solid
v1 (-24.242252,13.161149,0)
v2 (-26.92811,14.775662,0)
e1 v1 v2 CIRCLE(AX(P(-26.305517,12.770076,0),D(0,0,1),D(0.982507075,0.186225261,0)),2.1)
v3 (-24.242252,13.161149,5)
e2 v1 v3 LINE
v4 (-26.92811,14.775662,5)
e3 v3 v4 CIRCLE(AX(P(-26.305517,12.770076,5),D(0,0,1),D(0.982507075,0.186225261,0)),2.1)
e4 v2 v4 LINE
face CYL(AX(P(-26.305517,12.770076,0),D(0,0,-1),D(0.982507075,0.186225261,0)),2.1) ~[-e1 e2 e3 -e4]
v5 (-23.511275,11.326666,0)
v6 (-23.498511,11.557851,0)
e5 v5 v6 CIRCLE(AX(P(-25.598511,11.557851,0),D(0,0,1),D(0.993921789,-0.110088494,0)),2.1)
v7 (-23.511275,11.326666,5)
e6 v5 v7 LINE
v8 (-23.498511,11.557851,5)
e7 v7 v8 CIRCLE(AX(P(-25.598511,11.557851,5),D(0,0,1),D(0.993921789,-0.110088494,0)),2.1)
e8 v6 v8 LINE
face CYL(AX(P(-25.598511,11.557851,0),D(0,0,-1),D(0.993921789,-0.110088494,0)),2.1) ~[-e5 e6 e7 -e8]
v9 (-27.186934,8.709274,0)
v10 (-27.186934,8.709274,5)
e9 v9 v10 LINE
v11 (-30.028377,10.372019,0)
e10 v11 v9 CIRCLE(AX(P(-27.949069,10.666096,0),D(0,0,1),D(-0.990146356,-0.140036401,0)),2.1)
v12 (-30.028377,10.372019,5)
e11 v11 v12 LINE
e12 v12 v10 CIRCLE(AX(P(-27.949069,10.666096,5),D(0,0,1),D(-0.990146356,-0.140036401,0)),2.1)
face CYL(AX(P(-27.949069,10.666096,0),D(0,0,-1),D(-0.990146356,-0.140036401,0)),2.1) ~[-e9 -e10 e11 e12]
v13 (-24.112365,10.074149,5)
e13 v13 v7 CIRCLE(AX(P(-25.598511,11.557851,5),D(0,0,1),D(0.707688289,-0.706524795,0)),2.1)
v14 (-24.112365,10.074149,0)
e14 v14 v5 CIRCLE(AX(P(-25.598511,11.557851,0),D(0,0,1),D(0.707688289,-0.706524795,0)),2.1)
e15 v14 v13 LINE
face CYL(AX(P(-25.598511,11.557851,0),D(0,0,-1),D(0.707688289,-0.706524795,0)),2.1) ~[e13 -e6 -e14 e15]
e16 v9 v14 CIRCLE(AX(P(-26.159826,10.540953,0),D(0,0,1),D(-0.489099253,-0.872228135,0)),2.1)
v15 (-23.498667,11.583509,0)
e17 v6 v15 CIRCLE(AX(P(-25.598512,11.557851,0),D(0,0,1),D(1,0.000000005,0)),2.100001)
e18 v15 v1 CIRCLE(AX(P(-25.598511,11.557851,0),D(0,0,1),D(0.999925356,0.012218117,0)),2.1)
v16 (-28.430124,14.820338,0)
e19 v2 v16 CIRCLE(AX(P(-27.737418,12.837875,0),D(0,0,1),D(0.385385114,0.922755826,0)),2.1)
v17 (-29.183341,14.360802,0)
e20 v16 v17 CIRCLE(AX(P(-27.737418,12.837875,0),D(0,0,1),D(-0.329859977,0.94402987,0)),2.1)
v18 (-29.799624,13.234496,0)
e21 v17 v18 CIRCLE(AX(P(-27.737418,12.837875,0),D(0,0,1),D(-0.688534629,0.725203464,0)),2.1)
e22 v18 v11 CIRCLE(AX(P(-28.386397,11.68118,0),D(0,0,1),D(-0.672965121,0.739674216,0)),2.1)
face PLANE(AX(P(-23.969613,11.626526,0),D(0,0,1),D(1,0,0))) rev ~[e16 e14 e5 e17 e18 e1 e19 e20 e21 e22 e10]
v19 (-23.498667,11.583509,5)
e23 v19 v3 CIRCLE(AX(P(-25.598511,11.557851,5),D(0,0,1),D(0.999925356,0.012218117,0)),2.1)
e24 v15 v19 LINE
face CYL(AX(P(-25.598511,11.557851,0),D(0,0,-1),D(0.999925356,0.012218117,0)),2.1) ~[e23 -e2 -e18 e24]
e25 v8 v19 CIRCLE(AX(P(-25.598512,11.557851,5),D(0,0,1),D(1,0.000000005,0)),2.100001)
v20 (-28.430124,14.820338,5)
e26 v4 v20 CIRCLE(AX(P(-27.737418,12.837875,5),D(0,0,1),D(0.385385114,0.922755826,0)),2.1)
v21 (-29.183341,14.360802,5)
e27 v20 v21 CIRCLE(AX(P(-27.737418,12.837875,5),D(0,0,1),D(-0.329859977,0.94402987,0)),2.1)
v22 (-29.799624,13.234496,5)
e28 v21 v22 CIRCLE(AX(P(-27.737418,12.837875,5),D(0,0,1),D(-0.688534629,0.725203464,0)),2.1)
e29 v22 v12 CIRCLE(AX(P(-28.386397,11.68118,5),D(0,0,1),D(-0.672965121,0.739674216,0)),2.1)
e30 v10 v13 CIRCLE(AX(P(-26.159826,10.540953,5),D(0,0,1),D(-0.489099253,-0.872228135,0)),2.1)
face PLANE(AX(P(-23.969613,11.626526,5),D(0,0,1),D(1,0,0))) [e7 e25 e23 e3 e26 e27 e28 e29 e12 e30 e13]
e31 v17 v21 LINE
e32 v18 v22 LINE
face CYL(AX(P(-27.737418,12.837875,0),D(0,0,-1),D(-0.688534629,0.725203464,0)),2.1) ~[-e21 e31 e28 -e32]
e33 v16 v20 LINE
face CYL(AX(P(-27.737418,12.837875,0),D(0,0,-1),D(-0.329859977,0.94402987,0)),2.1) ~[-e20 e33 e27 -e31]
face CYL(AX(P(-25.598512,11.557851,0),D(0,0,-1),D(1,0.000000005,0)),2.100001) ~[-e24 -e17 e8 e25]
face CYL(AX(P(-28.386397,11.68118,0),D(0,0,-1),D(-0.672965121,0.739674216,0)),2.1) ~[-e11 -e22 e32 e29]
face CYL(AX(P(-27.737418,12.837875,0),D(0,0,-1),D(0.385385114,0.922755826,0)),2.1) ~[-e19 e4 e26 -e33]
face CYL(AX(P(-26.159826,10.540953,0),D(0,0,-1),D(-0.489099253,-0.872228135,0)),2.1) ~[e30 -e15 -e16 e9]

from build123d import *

# Parameters (mm, degrees)
F1_DEPTH = 5


with BuildPart() as f1:
    # F0 (on Top) → F1 (new body)
    with BuildSketch(Plane.XY):
        with BuildLine():
            ThreePointArc((-24.2055166316, 12.7700755201), (-24.2696493036, 12.2550568575), (-24.4581301771, 11.7714948835))
            ThreePointArc((-24.4581301771, 11.7714948835), (-24.1618816348, 11.1876524422), (-24.059825636, 10.5409533096))
            ThreePointArc((-24.059825636, 10.5409533096), (-24.0730018758, 10.3060776102), (-24.1123652494, 10.074149319))
            ThreePointArc((-24.1123652494, 10.074149319), (-23.7052429878, 10.6492604264), (-23.5112748984, 11.3266655504))
            ThreePointArc((-23.5112748984, 11.3266655504), (-23.5026114925, 11.4549716649), (-23.4986674085, 11.5835094331))
            ThreePointArc((-23.4986674085, 11.5835094331), (-23.6989325998, 12.4531743511), (-24.2422517743, 13.1611485676))
            ThreePointArc((-24.2422517743, 13.1611485676), (-24.214720587, 12.966472821), (-24.2055166316, 12.7700755201))
        make_face()
        with BuildLine():
            ThreePointArc((-28.4301242768, 14.8203377131), (-28.8311396591, 14.6305750844), (-29.183341045, 14.3608022616))
            ThreePointArc((-29.183341045, 14.3608022616), (-28.8212714421, 14.6144002572), (-28.4301242768, 14.8203377131))
        make_face()
        with BuildLine():
            ThreePointArc((-29.7996238256, 13.2344963051), (-29.0339295569, 13.6788545189), (-28.1531562944, 13.7681875762))
            ThreePointArc((-28.1531562944, 13.7681875762), (-27.6394070264, 14.3920300246), (-26.9281095858, 14.7756622206))
            ThreePointArc((-26.9281095858, 14.7756622206), (-27.6749841403, 14.9369466793), (-28.4301242768, 14.8203377131))
            ThreePointArc((-28.4301242768, 14.8203377131), (-28.8212714421, 14.6144002572), (-29.183341045, 14.3608022616))
            ThreePointArc((-29.183341045, 14.3608022616), (-29.5796675426, 13.8459016813), (-29.7996238256, 13.2344963051))
        make_face()
        with BuildLine():
            ThreePointArc((-23.4985106561, 11.5578513882), (-23.4985498446, 11.5706806501), (-23.4986674085, 11.5835094331))
            ThreePointArc((-23.4986674085, 11.5835094331), (-23.5026114925, 11.4549716649), (-23.5112748984, 11.3266655504))
            ThreePointArc((-23.5112748984, 11.3266655504), (-23.5017041449, 11.4420824184), (-23.4985106561, 11.5578513882))
        make_face()
        with BuildLine():
            ThreePointArc((-28.40482143, 12.7160443864), (-28.3479034627, 13.2585998615), (-28.1531562944, 13.7681875762))
            ThreePointArc((-28.1531562944, 13.7681875762), (-29.0339295569, 13.6788545189), (-29.7996238256, 13.2344963051))
            ThreePointArc((-29.7996238256, 13.2344963051), (-29.8198130362, 12.5665223302), (-29.6291199592, 11.926028001))
            ThreePointArc((-29.6291199592, 11.926028001), (-29.0876846229, 12.4306224757), (-28.40482143, 12.7160443864))
        make_face()
        with BuildLine():
            ThreePointArc((-28.1531562944, 13.7681875762), (-27.4897982959, 13.5801566584), (-26.9230939423, 13.1874154766))
            ThreePointArc((-26.9230939423, 13.1874154766), (-26.3955835278, 13.500703631), (-25.8000387495, 13.6481591234))
            ThreePointArc((-25.8000387495, 13.6481591234), (-26.2528678936, 14.3231729424), (-26.9281095858, 14.7756622206))
            ThreePointArc((-26.9281095858, 14.7756622206), (-27.6394070264, 14.3920300246), (-28.1531562944, 13.7681875762))
        make_face()
        with BuildLine():
            ThreePointArc((-26.9281095858, 14.7756622206), (-26.2528678936, 14.3231729424), (-25.8000387495, 13.6481591234))
            ThreePointArc((-25.8000387495, 13.6481591234), (-24.9718962461, 13.5621852878), (-24.2422517743, 13.1611485676))
            ThreePointArc((-24.2422517743, 13.1611485676), (-25.2235982118, 14.5699234394), (-26.9281095858, 14.7756622206))
        make_face()
        with BuildLine():
            ThreePointArc((-24.1123652494, 10.074149319), (-25.0717419882, 9.5249926203), (-26.1770822404, 9.5391253241))
            ThreePointArc((-26.1770822404, 9.5391253241), (-26.6157999478, 9.0436305274), (-27.1869340682, 8.7092742251))
            ThreePointArc((-27.1869340682, 8.7092742251), (-25.307768987, 8.6215785502), (-24.1123652494, 10.074149319))
        make_face()
        with BuildLine():
            ThreePointArc((-27.1869340682, 8.7092742251), (-27.6825346621, 9.0948007513), (-28.0420062254, 9.609612218))
            ThreePointArc((-28.0420062254, 9.609612218), (-29.1388930427, 9.7206321061), (-30.0283765953, 10.3720191763))
            ThreePointArc((-30.0283765953, 10.3720191763), (-29.0096897375, 8.8536155015), (-27.1869340682, 8.7092742251))
        make_face()
        with BuildLine():
            ThreePointArc((-29.6291199592, 11.926028001), (-29.8198130362, 12.5665223302), (-29.7996238256, 13.2344963051))
            ThreePointArc((-29.7996238256, 13.2344963051), (-30.4797234146, 11.8484670975), (-30.0283765953, 10.3720191763))
            ThreePointArc((-30.0283765953, 10.3720191763), (-29.9830134729, 11.188657471), (-29.6291199592, 11.926028001))
        make_face()
        with BuildLine():
            ThreePointArc((-26.1770822404, 9.5391253241), (-26.6511145003, 9.7407038578), (-27.0618137855, 10.0516163629))
            ThreePointArc((-27.0618137855, 10.0516163629), (-27.5231412696, 9.7668164785), (-28.0420062254, 9.609612218))
            ThreePointArc((-28.0420062254, 9.609612218), (-27.6825346621, 9.0948007513), (-27.1869340682, 8.7092742251))
            ThreePointArc((-27.1869340682, 8.7092742251), (-26.6157999478, 9.0436305274), (-26.1770822404, 9.5391253241))
        make_face()
        with BuildLine():
            ThreePointArc((-24.4581301771, 11.7714948835), (-25.0396352661, 11.0945026722), (-25.8497644493, 10.7201267528))
            ThreePointArc((-25.8497644493, 10.7201267528), (-25.8492430553, 10.6931134221), (-25.8490692477, 10.6660956191))
            ThreePointArc((-25.8490692477, 10.6660956191), (-25.9327393249, 10.079227966), (-26.1770822404, 9.5391253241))
            ThreePointArc((-26.1770822404, 9.5391253241), (-25.0717419882, 9.5249926203), (-24.1123652494, 10.074149319))
            ThreePointArc((-24.1123652494, 10.074149319), (-24.0730018758, 10.3060776102), (-24.059825636, 10.5409533096))
            ThreePointArc((-24.059825636, 10.5409533096), (-24.1618816348, 11.1876524422), (-24.4581301771, 11.7714948835))
        make_face()
        with BuildLine():
            ThreePointArc((-25.6374183243, 12.8378749862), (-25.6414269658, 12.7081821767), (-25.6534375861, 12.5789845024))
            ThreePointArc((-25.6534375861, 12.5789845024), (-24.9842755237, 12.2810917907), (-24.4581301771, 11.7714948835))
            ThreePointArc((-24.4581301771, 11.7714948835), (-24.2696493036, 12.2550568575), (-24.2055166316, 12.7700755201))
            ThreePointArc((-24.2055166316, 12.7700755201), (-24.214720587, 12.966472821), (-24.2422517743, 13.1611485676))
            ThreePointArc((-24.2422517743, 13.1611485676), (-24.9718962461, 13.5621852878), (-25.8000387495, 13.6481591234))
            ThreePointArc((-25.8000387495, 13.6481591234), (-25.6784747715, 13.2510958066), (-25.6374183243, 12.8378749862))
        make_face()
        with BuildLine():
            ThreePointArc((-25.6534375861, 12.5789845024), (-25.7899829829, 12.0520661094), (-26.0573676128, 11.5779426044))
            ThreePointArc((-26.0573676128, 11.5779426044), (-25.9079923025, 11.160064144), (-25.8497644493, 10.7201267528))
            ThreePointArc((-25.8497644493, 10.7201267528), (-25.0396352661, 11.0945026722), (-24.4581301771, 11.7714948835))
            ThreePointArc((-24.4581301771, 11.7714948835), (-24.9842755237, 12.2810917907), (-25.6534375861, 12.5789845024))
        make_face()
        with BuildLine():
            ThreePointArc((-30.0283765953, 10.3720191763), (-29.1388930427, 9.7206321061), (-28.0420062254, 9.609612218))
            ThreePointArc((-28.0420062254, 9.609612218), (-28.2302776929, 10.1899144513), (-28.2438063742, 10.7998437934))
            ThreePointArc((-28.2438063742, 10.7998437934), (-29.0620998904, 11.2083907891), (-29.6291199592, 11.926028001))
            ThreePointArc((-29.6291199592, 11.926028001), (-29.9830134729, 11.188657471), (-30.0283765953, 10.3720191763))
        make_face()
        with BuildLine():
            ThreePointArc((-28.0072120905, 11.5395339461), (-28.2949750863, 12.0977251226), (-28.40482143, 12.7160443864))
            ThreePointArc((-28.40482143, 12.7160443864), (-29.0876846229, 12.4306224757), (-29.6291199592, 11.926028001))
            ThreePointArc((-29.6291199592, 11.926028001), (-29.0620998904, 11.2083907891), (-28.2438063742, 10.7998437934))
            ThreePointArc((-28.2438063742, 10.7998437934), (-28.1599999738, 11.180720938), (-28.0072120905, 11.5395339461))
        make_face()
        with BuildLine():
            ThreePointArc((-27.6459710427, 12.0246553788), (-27.5365507708, 12.3665543708), (-27.3704976635, 12.6848216832))
            ThreePointArc((-27.3704976635, 12.6848216832), (-27.88570628, 12.7651394811), (-28.40482143, 12.7160443864))
            ThreePointArc((-28.40482143, 12.7160443864), (-28.2949750863, 12.0977251226), (-28.0072120905, 11.5395339461))
            ThreePointArc((-28.0072120905, 11.5395339461), (-27.8441487548, 11.7951684552), (-27.6459710427, 12.0246553788))
        make_face()
        with BuildLine():
            ThreePointArc((-26.9230939423, 13.1874154766), (-26.6891371956, 12.917832752), (-26.5042164823, 12.6125215428))
            ThreePointArc((-26.5042164823, 12.6125215428), (-26.0771095144, 12.6393236399), (-25.6534375861, 12.5789845024))
            ThreePointArc((-25.6534375861, 12.5789845024), (-25.6414269658, 12.7081821767), (-25.6374183243, 12.8378749862))
            ThreePointArc((-25.6374183243, 12.8378749862), (-25.6784747715, 13.2510958066), (-25.8000387495, 13.6481591234))
            ThreePointArc((-25.8000387495, 13.6481591234), (-26.3955835278, 13.500703631), (-26.9230939423, 13.1874154766))
        make_face()
        with BuildLine():
            ThreePointArc((-28.0420062254, 9.609612218), (-27.5231412696, 9.7668164785), (-27.0618137855, 10.0516163629))
            ThreePointArc((-27.0618137855, 10.0516163629), (-27.3340934469, 10.3755856074), (-27.535890231, 10.7475672511))
            ThreePointArc((-27.535890231, 10.7475672511), (-27.8920731254, 10.7435775163), (-28.2438063742, 10.7998437934))
            ThreePointArc((-28.2438063742, 10.7998437934), (-28.2302776929, 10.1899144513), (-28.0420062254, 9.609612218))
        make_face()
        with BuildLine():
            ThreePointArc((-27.3704976635, 12.6848216832), (-27.1670568065, 12.9541547127), (-26.9230939423, 13.1874154766))
            ThreePointArc((-26.9230939423, 13.1874154766), (-27.4897982959, 13.5801566584), (-28.1531562944, 13.7681875762))
            ThreePointArc((-28.1531562944, 13.7681875762), (-28.3479034627, 13.2585998615), (-28.40482143, 12.7160443864))
            ThreePointArc((-28.40482143, 12.7160443864), (-27.88570628, 12.7651394811), (-27.3704976635, 12.6848216832))
        make_face()
        with BuildLine():
            ThreePointArc((-25.8497644493, 10.7201267528), (-26.1927285037, 10.6731065555), (-26.5387574089, 10.6830683951))
            ThreePointArc((-26.5387574089, 10.6830683951), (-26.7691671787, 10.3415657778), (-27.0618137855, 10.0516163629))
            ThreePointArc((-27.0618137855, 10.0516163629), (-26.6511145003, 9.7407038578), (-26.1770822404, 9.5391253241))
            ThreePointArc((-26.1770822404, 9.5391253241), (-25.9327393249, 10.079227966), (-25.8490692477, 10.6660956191))
            ThreePointArc((-25.8490692477, 10.6660956191), (-25.8492430553, 10.6931134221), (-25.8497644493, 10.7201267528))
        make_face()
        with BuildLine():
            ThreePointArc((-26.0573676128, 11.5779426044), (-26.1838386402, 11.4249382697), (-26.3241915704, 11.2845591323))
            ThreePointArc((-26.3241915704, 11.2845591323), (-26.4084764266, 10.9756098157), (-26.5387574089, 10.6830683951))
            ThreePointArc((-26.5387574089, 10.6830683951), (-26.1927285037, 10.6731065555), (-25.8497644493, 10.7201267528))
            ThreePointArc((-25.8497644493, 10.7201267528), (-25.9079923025, 11.160064144), (-26.0573676128, 11.5779426044))
        make_face()
        with BuildLine():
            ThreePointArc((-27.0618137855, 10.0516163629), (-26.7691671787, 10.3415657778), (-26.5387574089, 10.6830683951))
            ThreePointArc((-26.5387574089, 10.6830683951), (-26.8321037727, 10.7371697222), (-27.1148253702, 10.8322882857))
            ThreePointArc((-27.1148253702, 10.8322882857), (-27.3231861568, 10.7791346647), (-27.535890231, 10.7475672511))
            ThreePointArc((-27.535890231, 10.7475672511), (-27.3340934469, 10.3755856074), (-27.0618137855, 10.0516163629))
        make_face()
        with BuildLine():
            ThreePointArc((-27.535890231, 10.7475672511), (-27.609784743, 10.9538840486), (-27.6617755135, 11.1667783407))
            ThreePointArc((-27.6617755135, 11.1667783407), (-27.8458113673, 11.3426680354), (-28.0072120905, 11.5395339461))
            ThreePointArc((-28.0072120905, 11.5395339461), (-28.1599999738, 11.180720938), (-28.2438063742, 10.7998437934))
            ThreePointArc((-28.2438063742, 10.7998437934), (-27.8920731254, 10.7435775163), (-27.535890231, 10.7475672511))
        make_face()
        with BuildLine():
            ThreePointArc((-27.535890231, 10.7475672511), (-27.3231861568, 10.7791346647), (-27.1148253702, 10.8322882857))
            ThreePointArc((-27.1148253702, 10.8322882857), (-27.4011405082, 10.9785375436), (-27.6617755135, 11.1667783407))
            ThreePointArc((-27.6617755135, 11.1667783407), (-27.609784743, 10.9538840486), (-27.535890231, 10.7475672511))
        make_face()
        with BuildLine():
            ThreePointArc((-26.5387574089, 10.6830683951), (-26.4084764266, 10.9756098157), (-26.3241915704, 11.2845591323))
            ThreePointArc((-26.3241915704, 11.2845591323), (-26.6946922334, 11.0150413955), (-27.1148253702, 10.8322882857))
            ThreePointArc((-27.1148253702, 10.8322882857), (-26.8321037727, 10.7371697222), (-26.5387574089, 10.6830683951))
        make_face()
        with BuildLine():
            ThreePointArc((-26.3070897241, 11.9752568941), (-26.2915766223, 11.8285822322), (-26.2863970717, 11.6811804512))
            ThreePointArc((-26.2863970717, 11.6811804512), (-26.2958670489, 11.4819714562), (-26.3241915704, 11.2845591323))
            ThreePointArc((-26.3241915704, 11.2845591323), (-26.1838386402, 11.4249382697), (-26.0573676128, 11.5779426044))
            ThreePointArc((-26.0573676128, 11.5779426044), (-26.1710955995, 11.7835971655), (-26.3070897241, 11.9752568941))
        make_face()
        with BuildLine():
            ThreePointArc((-26.5042164823, 12.6125215428), (-26.3801884019, 12.3017662818), (-26.3070897241, 11.9752568941))
            ThreePointArc((-26.3070897241, 11.9752568941), (-26.1710955995, 11.7835971655), (-26.0573676128, 11.5779426044))
            ThreePointArc((-26.0573676128, 11.5779426044), (-25.7899829829, 12.0520661094), (-25.6534375861, 12.5789845024))
            ThreePointArc((-25.6534375861, 12.5789845024), (-26.0771095144, 12.6393236399), (-26.5042164823, 12.6125215428))
        make_face()
        with BuildLine():
            ThreePointArc((-26.9219608155, 12.4977747036), (-26.58919284, 12.2663256512), (-26.3070897241, 11.9752568941))
            ThreePointArc((-26.3070897241, 11.9752568941), (-26.3801884019, 12.3017662818), (-26.5042164823, 12.6125215428))
            ThreePointArc((-26.5042164823, 12.6125215428), (-26.7160555082, 12.5659491933), (-26.9219608155, 12.4977747036))
        make_face()
        with BuildLine():
            ThreePointArc((-26.9219608155, 12.4977747036), (-26.7160555082, 12.5659491933), (-26.5042164823, 12.6125215428))
            ThreePointArc((-26.5042164823, 12.6125215428), (-26.6891371956, 12.917832752), (-26.9230939423, 13.1874154766))
            ThreePointArc((-26.9230939423, 13.1874154766), (-27.1670568065, 12.9541547127), (-27.3704976635, 12.6848216832))
            ThreePointArc((-27.3704976635, 12.6848216832), (-27.1408002814, 12.6043167825), (-26.9219608155, 12.4977747036))
        make_face()
        with BuildLine():
            ThreePointArc((-27.6459710427, 12.0246553788), (-27.3085866522, 12.2988919113), (-26.9219608155, 12.4977747036))
            ThreePointArc((-26.9219608155, 12.4977747036), (-27.1408002814, 12.6043167825), (-27.3704976635, 12.6848216832))
            ThreePointArc((-27.3704976635, 12.6848216832), (-27.5365507708, 12.3665543708), (-27.6459710427, 12.0246553788))
        make_face()
        with BuildLine():
            ThreePointArc((-27.6617755135, 11.1667783407), (-27.6981543785, 11.5965326402), (-27.6459710427, 12.0246553788))
            ThreePointArc((-27.6459710427, 12.0246553788), (-27.8441487548, 11.7951684552), (-28.0072120905, 11.5395339461))
            ThreePointArc((-28.0072120905, 11.5395339461), (-27.8458113673, 11.3426680354), (-27.6617755135, 11.1667783407))
        make_face()
        with BuildLine():
            ThreePointArc((-26.3241915704, 11.2845591323), (-26.2958670489, 11.4819714562), (-26.2863970717, 11.6811804512))
            ThreePointArc((-26.2863970717, 11.6811804512), (-26.2915766223, 11.8285822322), (-26.3070897241, 11.9752568941))
            ThreePointArc((-26.3070897241, 11.9752568941), (-26.58919284, 12.2663256512), (-26.9219608155, 12.4977747036))
            ThreePointArc((-26.9219608155, 12.4977747036), (-27.3085866522, 12.2988919113), (-27.6459710427, 12.0246553788))
            ThreePointArc((-27.6459710427, 12.0246553788), (-27.6981543785, 11.5965326402), (-27.6617755135, 11.1667783407))
            ThreePointArc((-27.6617755135, 11.1667783407), (-27.4011405082, 10.9785375436), (-27.1148253702, 10.8322882857))
            ThreePointArc((-27.1148253702, 10.8322882857), (-26.6946922334, 11.0150413955), (-26.3241915704, 11.2845591323))
        make_face()
    extrude(amount=F1_DEPTH)


solid = f1.part
